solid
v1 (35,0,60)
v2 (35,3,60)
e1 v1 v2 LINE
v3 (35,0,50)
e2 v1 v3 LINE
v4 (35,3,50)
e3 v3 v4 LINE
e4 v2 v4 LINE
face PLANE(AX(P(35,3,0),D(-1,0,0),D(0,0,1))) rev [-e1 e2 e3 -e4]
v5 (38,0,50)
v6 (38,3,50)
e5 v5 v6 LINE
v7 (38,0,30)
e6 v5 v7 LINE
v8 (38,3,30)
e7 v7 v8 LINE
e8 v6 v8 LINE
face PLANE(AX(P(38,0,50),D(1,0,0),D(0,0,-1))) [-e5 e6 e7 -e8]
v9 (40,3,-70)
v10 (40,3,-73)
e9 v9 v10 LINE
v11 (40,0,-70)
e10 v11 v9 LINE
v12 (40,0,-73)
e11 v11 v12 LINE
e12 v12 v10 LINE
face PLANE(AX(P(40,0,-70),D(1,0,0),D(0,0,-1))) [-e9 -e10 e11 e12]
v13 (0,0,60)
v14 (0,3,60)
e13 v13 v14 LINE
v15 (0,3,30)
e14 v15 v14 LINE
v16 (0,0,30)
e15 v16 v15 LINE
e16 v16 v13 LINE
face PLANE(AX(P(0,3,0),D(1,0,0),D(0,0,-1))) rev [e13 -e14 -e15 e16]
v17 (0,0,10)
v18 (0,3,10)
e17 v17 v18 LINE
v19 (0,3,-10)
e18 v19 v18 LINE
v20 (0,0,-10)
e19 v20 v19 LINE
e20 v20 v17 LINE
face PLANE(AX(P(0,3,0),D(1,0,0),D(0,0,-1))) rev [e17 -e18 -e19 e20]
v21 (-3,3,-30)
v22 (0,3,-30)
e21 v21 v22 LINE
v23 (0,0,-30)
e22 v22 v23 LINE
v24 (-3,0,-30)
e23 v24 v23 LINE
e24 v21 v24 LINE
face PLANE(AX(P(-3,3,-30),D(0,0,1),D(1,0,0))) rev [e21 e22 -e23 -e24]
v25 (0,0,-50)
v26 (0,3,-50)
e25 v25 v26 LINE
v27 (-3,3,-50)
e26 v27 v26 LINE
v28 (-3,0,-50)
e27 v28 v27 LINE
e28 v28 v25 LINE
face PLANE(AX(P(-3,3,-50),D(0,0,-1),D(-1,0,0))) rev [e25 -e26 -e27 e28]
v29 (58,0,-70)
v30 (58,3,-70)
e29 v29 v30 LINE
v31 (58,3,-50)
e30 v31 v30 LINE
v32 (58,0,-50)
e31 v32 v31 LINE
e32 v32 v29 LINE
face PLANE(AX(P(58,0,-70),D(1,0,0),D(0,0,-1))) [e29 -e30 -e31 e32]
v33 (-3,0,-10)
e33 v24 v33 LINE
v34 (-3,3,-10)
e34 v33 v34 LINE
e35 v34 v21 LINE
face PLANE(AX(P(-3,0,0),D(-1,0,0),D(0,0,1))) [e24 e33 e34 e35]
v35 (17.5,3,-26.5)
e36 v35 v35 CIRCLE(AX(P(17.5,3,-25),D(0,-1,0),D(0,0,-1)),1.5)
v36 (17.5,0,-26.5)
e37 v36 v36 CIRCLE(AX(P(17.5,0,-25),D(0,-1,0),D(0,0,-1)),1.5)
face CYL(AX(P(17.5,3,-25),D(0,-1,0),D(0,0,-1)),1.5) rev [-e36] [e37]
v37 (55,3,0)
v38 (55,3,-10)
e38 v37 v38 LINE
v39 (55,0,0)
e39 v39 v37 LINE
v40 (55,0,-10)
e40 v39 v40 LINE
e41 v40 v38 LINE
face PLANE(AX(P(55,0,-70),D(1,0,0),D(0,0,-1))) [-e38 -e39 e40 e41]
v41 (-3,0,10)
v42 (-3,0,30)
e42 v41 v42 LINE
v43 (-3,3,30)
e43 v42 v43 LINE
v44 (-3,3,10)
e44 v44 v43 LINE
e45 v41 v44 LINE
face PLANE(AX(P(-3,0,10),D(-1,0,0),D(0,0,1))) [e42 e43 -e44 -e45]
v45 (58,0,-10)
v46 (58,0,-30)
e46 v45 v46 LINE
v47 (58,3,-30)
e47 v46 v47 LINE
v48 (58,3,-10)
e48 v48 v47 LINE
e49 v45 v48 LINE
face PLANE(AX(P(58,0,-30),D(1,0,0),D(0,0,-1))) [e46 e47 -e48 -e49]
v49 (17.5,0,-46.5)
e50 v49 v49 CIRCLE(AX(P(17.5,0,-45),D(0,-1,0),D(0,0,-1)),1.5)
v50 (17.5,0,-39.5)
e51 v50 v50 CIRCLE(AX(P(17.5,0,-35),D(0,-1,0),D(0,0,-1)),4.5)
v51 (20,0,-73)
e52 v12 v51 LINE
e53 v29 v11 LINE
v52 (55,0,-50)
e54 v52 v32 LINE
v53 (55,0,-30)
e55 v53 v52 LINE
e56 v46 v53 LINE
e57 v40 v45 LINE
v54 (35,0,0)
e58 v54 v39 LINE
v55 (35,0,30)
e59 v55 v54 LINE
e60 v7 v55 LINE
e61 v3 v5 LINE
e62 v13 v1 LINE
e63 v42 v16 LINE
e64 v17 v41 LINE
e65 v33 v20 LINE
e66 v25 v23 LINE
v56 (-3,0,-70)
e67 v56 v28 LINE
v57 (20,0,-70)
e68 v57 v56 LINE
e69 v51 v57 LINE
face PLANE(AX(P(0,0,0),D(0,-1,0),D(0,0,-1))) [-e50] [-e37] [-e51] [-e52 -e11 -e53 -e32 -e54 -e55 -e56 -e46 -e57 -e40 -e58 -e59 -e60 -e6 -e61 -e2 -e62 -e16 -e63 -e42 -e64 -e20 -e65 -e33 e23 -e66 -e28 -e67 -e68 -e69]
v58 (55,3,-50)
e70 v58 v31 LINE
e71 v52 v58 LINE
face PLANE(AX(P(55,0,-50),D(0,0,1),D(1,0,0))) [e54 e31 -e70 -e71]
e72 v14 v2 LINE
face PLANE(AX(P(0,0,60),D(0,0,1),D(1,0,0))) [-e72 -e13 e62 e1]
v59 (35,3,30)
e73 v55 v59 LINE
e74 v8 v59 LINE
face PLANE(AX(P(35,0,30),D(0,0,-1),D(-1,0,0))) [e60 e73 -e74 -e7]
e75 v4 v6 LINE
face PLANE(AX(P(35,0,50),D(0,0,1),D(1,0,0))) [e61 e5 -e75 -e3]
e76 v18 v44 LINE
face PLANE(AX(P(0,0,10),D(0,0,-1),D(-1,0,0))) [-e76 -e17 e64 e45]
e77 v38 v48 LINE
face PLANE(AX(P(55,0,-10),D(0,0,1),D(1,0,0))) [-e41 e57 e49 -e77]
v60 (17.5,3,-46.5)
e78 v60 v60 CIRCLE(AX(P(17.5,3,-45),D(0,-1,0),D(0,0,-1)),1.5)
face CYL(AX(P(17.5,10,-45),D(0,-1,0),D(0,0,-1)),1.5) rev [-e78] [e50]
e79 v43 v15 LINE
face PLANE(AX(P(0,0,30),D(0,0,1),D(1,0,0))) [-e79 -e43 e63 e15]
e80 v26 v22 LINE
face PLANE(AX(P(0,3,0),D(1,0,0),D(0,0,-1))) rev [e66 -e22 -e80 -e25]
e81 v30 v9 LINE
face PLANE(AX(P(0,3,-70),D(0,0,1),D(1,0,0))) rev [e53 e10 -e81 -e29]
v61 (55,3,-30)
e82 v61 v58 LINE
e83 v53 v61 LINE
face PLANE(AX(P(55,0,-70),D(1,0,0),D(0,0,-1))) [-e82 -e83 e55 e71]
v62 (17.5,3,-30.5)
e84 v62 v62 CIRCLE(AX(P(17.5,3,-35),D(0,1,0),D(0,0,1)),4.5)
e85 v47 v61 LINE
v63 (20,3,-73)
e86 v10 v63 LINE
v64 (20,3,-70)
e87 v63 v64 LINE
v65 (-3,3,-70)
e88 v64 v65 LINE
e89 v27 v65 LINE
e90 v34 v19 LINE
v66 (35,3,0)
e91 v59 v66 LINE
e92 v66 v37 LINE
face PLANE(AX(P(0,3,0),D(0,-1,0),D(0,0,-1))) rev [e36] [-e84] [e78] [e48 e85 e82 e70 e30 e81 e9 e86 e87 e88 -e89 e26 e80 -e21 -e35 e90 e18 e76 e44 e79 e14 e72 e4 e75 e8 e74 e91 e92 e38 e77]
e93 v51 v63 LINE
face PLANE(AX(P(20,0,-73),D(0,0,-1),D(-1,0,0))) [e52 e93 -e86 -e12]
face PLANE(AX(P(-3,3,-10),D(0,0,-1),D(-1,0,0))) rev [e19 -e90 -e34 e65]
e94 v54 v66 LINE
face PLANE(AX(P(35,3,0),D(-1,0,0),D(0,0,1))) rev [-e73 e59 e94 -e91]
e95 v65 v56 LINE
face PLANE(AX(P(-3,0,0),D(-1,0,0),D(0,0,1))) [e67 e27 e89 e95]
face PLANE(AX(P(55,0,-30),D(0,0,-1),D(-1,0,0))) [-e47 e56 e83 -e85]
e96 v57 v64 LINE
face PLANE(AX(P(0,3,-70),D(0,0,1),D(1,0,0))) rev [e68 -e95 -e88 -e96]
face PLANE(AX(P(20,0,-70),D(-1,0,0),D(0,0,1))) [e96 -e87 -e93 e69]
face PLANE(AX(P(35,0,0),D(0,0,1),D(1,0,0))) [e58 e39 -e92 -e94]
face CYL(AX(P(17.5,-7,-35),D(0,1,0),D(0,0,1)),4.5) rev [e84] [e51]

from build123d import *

# Parameters (mm, degrees)
SKETCH1_W            = 35
SKETCH1_H            = 70
BOSS_EXTRUDE1_DEPTH  = 3
SKETCH2_W            = 20
SKETCH2_H            = 3
BOSS_EXTRUDE2_DEPTH  = 3
SKETCH3_W            = 20
SKETCH3_H            = 3
BOSS_EXTRUDE3_DEPTH  = 3
SKETCH6_R            = 4.5
CUT_EXTRUDE1_DEPTH   = 10
SKETCH7_R            = 1.5
CUT_EXTRUDE2_DEPTH   = 3
SKETCH8_R            = 1.5
CUT_EXTRUDE3_DEPTH   = 10
SKETCH11_W           = 35
SKETCH11_H           = 60
BOSS_EXTRUDE7_DEPTH  = 3
SKETCH14_W           = 20
SKETCH14_H           = 70
BOSS_EXTRUDE9_DEPTH  = 3
SKETCH15_W           = 3
SKETCH15_H           = 20
BOSS_EXTRUDE10_DEPTH = 3
SKETCH16_W           = 20
SKETCH16_H           = 3
BOSS_EXTRUDE11_DEPTH = 3
SKETCH17_W           = 3
SKETCH17_H           = 20
BOSS_EXTRUDE12_DEPTH = 3


with BuildPart() as part:
    # Sketch1 → Boss-Extrude1 (new body)
    with BuildSketch(Plane(origin=(0, 0, 0), x_dir=(1, 0, 0), z_dir=(0, 1, 0))):
        with Locations((17.5, 35)):
            Rectangle(SKETCH1_W, SKETCH1_H)
    extrude(amount=BOSS_EXTRUDE1_DEPTH)

    # Sketch2 → Boss-Extrude2 (add)
    with BuildSketch(Plane.ZY):
        with Locations((-60, 1.5)):
            Rectangle(SKETCH2_W, SKETCH2_H)
    extrude(amount=BOSS_EXTRUDE2_DEPTH)

    # Sketch3 → Boss-Extrude3 (add)
    with BuildSketch(Plane.ZY):
        with Locations((-20, 1.5)):
            Rectangle(SKETCH3_W, SKETCH3_H)
    extrude(amount=BOSS_EXTRUDE3_DEPTH)

    # Sketch6 → Cut-Extrude1 (cut)
    with BuildSketch(Plane(origin=(0, 3, 0), x_dir=(1, 0, 0), z_dir=(0, 1, 0))):
        with Locations((17.5, 35)):
            Circle(SKETCH6_R)
    extrude(amount=-CUT_EXTRUDE1_DEPTH, mode=Mode.SUBTRACT)

    # Sketch7 → Cut-Extrude2 (cut)
    with BuildSketch(Plane.XZ):
        with Locations((17.5, -25)):
            Circle(SKETCH7_R)
    extrude(amount=-CUT_EXTRUDE2_DEPTH, mode=Mode.SUBTRACT)

    # Sketch8 → Cut-Extrude3 (cut)
    with BuildSketch(Plane.XZ):
        with Locations((17.5, -45)):
            Circle(SKETCH8_R)
    extrude(amount=-CUT_EXTRUDE3_DEPTH, mode=Mode.SUBTRACT)

    # Sketch11 → Boss-Extrude7 (add)
    with BuildSketch(Plane(origin=(0, 3, 0), x_dir=(1, 0, 0), z_dir=(0, 1, 0))):
        with Locations((17.5, -30)):
            Rectangle(SKETCH11_W, SKETCH11_H)
    extrude(amount=-BOSS_EXTRUDE7_DEPTH)

    # Sketch14 → Boss-Extrude9 (add)
    with BuildSketch(Plane(origin=(0, 3, 0), x_dir=(1, 0, 0), z_dir=(0, 1, 0))):
        with Locations((45, 35)):
            Rectangle(SKETCH14_W, SKETCH14_H)
    extrude(amount=-BOSS_EXTRUDE9_DEPTH)

    # Sketch15 → Boss-Extrude10 (add)
    with BuildSketch(Plane(origin=(0, 3, 0), x_dir=(1, 0, 0), z_dir=(0, 1, 0))):
        with Locations((56.5, 60)):
            Rectangle(SKETCH15_W, SKETCH15_H)
        with Locations((56.5, 20)):
            Rectangle(SKETCH15_W, SKETCH15_H)
    extrude(amount=-BOSS_EXTRUDE10_DEPTH)

    # Sketch16 → Boss-Extrude11 (add)
    with BuildSketch(Plane(origin=(0, 3, 0), x_dir=(1, 0, 0), z_dir=(0, 1, 0))):
        with Locations((30, 71.5)):
            Rectangle(SKETCH16_W, SKETCH16_H)
    extrude(amount=-BOSS_EXTRUDE11_DEPTH)

    # Sketch17 → Boss-Extrude12 (add)
    with BuildSketch(Plane(origin=(0, 3, 0), x_dir=(1, 0, 0), z_dir=(0, 1, 0))):
        with Locations((36.5, -40)):
            Rectangle(SKETCH17_W, SKETCH17_H)
        with Locations((-1.5, -20)):
            Rectangle(SKETCH17_W, SKETCH17_H)
    extrude(amount=-BOSS_EXTRUDE12_DEPTH)


solid = part.part
